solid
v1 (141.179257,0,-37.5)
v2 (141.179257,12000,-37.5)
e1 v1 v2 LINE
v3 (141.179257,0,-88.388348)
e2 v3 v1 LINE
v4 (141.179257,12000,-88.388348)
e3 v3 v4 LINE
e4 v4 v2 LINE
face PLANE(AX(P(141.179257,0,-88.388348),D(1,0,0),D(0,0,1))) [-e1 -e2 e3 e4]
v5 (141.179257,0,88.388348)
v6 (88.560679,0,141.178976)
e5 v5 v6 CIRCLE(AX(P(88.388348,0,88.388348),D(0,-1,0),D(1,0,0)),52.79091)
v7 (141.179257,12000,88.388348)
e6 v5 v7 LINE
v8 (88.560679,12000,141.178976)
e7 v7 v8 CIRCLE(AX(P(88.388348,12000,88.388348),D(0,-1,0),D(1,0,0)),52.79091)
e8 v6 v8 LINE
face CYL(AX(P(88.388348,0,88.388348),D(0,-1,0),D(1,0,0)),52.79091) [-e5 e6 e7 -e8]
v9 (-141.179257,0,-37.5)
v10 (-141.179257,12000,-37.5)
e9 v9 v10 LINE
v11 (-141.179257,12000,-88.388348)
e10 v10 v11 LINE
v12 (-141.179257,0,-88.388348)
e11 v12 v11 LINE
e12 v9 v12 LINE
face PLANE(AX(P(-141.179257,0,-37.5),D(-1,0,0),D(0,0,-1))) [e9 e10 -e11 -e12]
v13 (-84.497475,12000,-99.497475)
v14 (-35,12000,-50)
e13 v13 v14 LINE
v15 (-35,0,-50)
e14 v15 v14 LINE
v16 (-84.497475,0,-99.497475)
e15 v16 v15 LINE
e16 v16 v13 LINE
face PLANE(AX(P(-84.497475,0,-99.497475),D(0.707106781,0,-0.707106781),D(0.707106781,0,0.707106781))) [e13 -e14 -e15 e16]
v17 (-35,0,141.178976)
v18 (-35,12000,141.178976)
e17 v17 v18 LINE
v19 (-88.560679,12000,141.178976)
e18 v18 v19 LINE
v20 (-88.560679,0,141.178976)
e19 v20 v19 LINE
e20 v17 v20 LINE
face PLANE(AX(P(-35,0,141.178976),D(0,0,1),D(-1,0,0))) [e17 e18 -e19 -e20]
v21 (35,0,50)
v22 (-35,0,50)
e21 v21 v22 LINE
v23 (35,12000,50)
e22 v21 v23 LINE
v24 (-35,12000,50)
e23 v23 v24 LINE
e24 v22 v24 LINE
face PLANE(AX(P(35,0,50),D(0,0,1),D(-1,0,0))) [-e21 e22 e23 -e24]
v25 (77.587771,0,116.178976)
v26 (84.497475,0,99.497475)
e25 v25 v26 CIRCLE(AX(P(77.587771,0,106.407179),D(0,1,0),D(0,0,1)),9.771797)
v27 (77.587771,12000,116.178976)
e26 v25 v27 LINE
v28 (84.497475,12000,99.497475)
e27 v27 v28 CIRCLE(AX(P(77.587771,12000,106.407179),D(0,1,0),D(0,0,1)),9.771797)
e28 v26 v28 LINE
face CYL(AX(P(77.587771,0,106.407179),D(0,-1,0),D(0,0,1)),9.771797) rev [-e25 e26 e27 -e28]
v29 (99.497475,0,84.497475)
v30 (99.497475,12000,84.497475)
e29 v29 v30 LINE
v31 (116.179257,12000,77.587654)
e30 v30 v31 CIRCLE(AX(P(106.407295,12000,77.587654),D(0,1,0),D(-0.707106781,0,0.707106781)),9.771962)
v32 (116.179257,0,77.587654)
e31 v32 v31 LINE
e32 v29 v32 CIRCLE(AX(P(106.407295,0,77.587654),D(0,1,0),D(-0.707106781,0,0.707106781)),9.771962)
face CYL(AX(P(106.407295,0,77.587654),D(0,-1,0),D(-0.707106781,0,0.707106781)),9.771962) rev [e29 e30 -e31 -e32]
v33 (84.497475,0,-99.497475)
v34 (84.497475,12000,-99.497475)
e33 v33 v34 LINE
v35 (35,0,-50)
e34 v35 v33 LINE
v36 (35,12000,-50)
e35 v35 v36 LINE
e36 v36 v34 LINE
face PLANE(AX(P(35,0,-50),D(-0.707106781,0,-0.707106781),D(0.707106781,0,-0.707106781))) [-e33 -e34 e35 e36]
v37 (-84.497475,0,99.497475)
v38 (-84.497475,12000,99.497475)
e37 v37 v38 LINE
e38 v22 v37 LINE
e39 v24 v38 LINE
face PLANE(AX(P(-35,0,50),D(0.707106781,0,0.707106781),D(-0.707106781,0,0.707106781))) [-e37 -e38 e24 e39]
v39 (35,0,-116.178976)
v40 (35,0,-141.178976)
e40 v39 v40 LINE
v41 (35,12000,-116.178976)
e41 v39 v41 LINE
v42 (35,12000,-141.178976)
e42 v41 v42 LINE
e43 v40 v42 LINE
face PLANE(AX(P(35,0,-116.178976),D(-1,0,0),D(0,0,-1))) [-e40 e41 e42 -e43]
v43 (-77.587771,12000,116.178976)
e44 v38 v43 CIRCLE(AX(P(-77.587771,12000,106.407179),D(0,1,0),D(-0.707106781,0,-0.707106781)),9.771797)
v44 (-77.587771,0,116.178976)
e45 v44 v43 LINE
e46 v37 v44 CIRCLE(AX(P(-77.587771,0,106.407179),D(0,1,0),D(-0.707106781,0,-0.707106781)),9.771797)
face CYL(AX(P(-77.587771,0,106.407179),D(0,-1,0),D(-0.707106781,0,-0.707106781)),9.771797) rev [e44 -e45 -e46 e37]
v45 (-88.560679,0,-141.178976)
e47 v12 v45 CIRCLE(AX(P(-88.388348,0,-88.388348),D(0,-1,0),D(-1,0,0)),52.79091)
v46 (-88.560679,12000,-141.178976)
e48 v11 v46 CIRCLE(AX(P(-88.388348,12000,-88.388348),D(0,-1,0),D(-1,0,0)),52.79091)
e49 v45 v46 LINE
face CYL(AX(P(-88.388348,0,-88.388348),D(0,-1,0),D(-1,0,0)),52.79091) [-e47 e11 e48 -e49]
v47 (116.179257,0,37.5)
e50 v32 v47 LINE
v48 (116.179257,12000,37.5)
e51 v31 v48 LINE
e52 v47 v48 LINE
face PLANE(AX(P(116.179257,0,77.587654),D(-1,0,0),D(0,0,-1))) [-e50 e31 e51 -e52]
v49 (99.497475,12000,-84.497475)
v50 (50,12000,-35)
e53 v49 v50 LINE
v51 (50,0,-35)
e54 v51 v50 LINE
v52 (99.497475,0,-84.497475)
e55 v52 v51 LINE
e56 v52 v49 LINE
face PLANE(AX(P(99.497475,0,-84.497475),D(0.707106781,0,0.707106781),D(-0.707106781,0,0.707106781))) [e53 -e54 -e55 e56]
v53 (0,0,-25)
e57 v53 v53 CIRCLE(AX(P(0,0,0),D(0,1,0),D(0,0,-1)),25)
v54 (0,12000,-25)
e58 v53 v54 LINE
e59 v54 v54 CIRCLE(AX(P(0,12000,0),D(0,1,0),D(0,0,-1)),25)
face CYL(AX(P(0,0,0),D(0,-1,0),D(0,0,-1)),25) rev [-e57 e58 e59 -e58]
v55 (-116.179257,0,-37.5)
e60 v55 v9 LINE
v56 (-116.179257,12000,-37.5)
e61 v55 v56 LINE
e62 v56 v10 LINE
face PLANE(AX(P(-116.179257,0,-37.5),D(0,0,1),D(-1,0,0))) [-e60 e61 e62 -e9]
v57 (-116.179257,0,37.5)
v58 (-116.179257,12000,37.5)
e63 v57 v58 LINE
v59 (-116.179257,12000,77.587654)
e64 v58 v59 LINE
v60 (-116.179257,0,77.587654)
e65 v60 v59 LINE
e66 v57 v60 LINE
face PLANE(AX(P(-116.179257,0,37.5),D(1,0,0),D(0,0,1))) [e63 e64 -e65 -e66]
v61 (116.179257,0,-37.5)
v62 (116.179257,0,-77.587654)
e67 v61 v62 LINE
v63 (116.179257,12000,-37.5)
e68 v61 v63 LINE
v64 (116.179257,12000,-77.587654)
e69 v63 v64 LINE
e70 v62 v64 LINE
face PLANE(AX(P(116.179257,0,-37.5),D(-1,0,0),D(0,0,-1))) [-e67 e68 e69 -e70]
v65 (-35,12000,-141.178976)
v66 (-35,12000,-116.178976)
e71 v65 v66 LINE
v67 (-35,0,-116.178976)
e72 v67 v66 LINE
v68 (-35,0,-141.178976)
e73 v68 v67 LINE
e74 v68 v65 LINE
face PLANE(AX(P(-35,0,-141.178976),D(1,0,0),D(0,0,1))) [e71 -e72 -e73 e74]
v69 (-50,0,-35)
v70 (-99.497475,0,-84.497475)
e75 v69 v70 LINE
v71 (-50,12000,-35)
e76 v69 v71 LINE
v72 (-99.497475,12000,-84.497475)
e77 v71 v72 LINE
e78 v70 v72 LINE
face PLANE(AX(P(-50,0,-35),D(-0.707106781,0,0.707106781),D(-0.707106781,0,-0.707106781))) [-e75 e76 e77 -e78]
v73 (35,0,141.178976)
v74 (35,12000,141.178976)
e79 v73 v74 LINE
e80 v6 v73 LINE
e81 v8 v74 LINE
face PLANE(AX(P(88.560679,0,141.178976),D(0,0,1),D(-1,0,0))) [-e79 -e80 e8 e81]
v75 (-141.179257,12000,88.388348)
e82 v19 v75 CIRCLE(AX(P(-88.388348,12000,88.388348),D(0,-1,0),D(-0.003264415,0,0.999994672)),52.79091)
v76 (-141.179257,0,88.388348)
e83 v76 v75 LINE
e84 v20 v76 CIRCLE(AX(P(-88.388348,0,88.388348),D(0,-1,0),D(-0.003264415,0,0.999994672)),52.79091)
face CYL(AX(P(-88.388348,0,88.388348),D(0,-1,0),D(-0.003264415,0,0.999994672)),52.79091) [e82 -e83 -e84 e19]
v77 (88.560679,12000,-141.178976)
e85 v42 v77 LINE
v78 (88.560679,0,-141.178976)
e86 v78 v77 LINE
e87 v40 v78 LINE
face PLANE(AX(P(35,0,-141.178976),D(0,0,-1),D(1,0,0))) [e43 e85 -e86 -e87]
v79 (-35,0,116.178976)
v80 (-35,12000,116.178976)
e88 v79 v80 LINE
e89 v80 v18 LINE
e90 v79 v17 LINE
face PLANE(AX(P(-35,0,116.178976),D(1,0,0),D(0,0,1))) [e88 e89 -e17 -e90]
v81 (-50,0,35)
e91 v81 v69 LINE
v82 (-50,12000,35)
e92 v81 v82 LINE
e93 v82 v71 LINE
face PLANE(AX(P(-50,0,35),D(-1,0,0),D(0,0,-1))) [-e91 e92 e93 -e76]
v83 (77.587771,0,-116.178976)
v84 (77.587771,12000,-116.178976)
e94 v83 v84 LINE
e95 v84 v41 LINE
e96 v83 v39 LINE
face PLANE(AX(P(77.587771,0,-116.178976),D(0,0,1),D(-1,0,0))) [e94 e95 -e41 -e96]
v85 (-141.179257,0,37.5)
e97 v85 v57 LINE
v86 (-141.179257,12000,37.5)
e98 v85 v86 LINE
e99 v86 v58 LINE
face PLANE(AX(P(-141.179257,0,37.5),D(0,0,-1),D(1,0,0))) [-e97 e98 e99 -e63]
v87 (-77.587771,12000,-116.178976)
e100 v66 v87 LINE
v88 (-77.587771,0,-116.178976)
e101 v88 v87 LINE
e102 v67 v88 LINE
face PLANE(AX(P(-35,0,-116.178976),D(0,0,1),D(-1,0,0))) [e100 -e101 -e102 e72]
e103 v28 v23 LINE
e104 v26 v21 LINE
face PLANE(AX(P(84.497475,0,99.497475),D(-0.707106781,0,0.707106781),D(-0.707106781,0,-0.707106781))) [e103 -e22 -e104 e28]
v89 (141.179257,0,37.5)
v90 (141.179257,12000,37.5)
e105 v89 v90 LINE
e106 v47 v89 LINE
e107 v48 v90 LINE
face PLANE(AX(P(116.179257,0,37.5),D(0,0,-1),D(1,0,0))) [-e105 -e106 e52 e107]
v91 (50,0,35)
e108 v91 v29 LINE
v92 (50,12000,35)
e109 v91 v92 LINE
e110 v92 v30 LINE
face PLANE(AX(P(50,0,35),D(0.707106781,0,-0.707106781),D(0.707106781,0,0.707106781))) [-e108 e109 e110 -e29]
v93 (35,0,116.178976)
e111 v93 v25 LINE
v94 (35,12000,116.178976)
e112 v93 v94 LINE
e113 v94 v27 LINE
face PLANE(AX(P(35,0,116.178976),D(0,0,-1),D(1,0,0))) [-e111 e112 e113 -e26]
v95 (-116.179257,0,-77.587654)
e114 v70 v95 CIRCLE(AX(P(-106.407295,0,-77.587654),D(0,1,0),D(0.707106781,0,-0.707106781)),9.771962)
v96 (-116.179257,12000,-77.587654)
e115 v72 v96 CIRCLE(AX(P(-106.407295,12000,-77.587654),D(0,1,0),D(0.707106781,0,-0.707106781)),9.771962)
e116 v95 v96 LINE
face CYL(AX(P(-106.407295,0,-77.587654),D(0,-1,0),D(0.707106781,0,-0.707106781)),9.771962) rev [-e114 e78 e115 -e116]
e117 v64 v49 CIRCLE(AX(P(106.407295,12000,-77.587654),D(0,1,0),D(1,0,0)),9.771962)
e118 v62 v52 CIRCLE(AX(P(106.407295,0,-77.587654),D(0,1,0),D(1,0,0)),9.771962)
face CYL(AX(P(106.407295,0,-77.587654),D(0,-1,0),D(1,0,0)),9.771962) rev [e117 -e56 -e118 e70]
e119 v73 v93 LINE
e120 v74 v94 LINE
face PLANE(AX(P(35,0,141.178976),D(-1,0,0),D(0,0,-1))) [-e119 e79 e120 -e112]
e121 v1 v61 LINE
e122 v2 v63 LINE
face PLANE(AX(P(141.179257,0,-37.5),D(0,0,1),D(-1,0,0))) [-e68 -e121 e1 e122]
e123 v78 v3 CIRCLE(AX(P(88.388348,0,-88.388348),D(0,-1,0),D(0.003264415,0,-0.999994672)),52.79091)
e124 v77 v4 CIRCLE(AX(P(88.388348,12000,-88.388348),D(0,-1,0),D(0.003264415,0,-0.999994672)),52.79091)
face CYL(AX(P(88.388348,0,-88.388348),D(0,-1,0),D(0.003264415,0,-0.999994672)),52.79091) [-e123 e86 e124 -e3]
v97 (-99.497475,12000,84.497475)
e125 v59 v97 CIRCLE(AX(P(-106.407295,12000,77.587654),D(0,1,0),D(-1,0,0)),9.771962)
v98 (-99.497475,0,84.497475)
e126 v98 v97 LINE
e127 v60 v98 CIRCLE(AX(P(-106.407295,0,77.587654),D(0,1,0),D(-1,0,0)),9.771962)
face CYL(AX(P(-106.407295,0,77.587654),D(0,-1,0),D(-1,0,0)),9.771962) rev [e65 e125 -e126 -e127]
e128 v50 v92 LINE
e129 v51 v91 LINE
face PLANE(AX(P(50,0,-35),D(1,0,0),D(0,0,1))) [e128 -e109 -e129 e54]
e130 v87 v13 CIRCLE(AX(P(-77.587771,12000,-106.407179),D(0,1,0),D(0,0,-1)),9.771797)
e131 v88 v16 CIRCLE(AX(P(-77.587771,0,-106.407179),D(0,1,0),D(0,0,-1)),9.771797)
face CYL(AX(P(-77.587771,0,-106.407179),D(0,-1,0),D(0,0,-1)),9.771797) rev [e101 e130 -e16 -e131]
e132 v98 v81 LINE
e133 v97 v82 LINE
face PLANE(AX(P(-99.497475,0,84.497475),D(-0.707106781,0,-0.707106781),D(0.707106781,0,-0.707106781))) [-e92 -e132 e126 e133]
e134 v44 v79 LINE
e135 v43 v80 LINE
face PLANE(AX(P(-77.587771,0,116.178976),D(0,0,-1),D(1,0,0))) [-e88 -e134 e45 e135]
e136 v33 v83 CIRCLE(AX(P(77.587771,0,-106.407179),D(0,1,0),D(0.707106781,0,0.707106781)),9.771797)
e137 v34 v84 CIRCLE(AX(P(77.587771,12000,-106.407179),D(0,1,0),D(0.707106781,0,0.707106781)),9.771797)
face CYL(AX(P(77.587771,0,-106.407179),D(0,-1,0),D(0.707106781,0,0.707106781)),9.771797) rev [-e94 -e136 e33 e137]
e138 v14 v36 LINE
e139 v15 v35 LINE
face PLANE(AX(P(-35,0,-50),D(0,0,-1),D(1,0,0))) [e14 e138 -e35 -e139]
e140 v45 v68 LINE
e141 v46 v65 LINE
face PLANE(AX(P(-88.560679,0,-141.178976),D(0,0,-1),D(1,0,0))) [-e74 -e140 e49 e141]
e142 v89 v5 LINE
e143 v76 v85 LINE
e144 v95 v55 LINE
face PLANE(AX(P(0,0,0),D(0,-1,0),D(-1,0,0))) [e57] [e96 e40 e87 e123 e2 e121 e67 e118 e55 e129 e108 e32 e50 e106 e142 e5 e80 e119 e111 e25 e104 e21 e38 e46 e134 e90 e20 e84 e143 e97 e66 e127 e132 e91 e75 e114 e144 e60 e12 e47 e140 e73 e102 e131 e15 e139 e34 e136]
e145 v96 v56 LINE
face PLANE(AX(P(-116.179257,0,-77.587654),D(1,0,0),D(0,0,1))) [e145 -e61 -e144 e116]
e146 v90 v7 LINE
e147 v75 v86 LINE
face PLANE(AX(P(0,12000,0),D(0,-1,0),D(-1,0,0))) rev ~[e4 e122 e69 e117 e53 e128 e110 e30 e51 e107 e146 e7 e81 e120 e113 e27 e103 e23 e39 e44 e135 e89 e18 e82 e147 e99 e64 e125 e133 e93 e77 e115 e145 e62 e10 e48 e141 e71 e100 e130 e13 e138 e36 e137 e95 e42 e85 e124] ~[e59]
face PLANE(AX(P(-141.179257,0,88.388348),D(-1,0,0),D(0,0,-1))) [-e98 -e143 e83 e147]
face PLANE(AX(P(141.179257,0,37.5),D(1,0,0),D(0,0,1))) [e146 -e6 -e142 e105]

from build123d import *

# Parameters (mm, degrees)
SKETCH1_R           = 25
BOSS_EXTRUDE1_DEPTH = 12000


with BuildPart() as part:
    # Sketch1 → Boss-Extrude1 (new body)
    with BuildSketch(Plane(origin=(0, 0, 0), x_dir=(1, 0, 0), z_dir=(0, 1, 0))):
        with BuildLine():
            Line((-35, 50), (35, 50))
            Line((35, 50), (84.497474683, 99.497474683))
            ThreePointArc((84.497474683, 99.497474683), (86.61573408, 110.146683804), (77.587770512, 116.178976204))
            Line((77.587770512, 116.178976204), (35, 116.178976204))
            Line((35, 116.178976204), (35, 141.178976204))
            Line((35, 141.178976204), (88.56067906, 141.178976204))
            ThreePointArc((88.56067906, 141.178976204), (125.778036691, 125.656179819), (141.179257486, 88.388347648))
            Line((141.179257486, 88.388347648), (141.179257486, 37.5))
            Line((141.179257486, 37.5), (116.179257486, 37.5))
            Line((116.179257486, 37.5), (116.179257486, 77.587654002))
            ThreePointArc((116.179257486, 77.587654002), (110.14686337, 86.615769798), (99.497474683, 84.497474683))
            Line((99.497474683, 84.497474683), (50, 35))
            Line((50, 35), (50, -35))
            Line((50, -35), (99.497474683, -84.497474683))
            ThreePointArc((99.497474683, -84.497474683), (110.14686337, -86.615769798), (116.179257486, -77.587654002))
            Line((116.179257486, -77.587654002), (116.179257486, -37.5))
            Line((116.179257486, -37.5), (141.179257486, -37.5))
            Line((141.179257486, -37.5), (141.179257486, -88.388347648))
            ThreePointArc((141.179257486, -88.388347648), (125.778036691, -125.656179819), (88.56067906, -141.178976204))
            Line((88.56067906, -141.178976204), (35, -141.178976204))
            Line((35, -141.178976204), (35, -116.178976204))
            Line((35, -116.178976204), (77.587770512, -116.178976204))
            ThreePointArc((77.587770512, -116.178976204), (86.61573408, -110.146683804), (84.497474683, -99.497474683))
            Line((84.497474683, -99.497474683), (35, -50))
            Line((35, -50), (-35, -50))
            Line((-35, -50), (-84.497474683, -99.497474683))
            ThreePointArc((-84.497474683, -99.497474683), (-86.61573408, -110.146683804), (-77.587770512, -116.178976204))
            Line((-77.587770512, -116.178976204), (-35, -116.178976204))
            Line((-35, -116.178976204), (-35, -141.178976204))
            Line((-35, -141.178976204), (-88.56067906, -141.178976204))
            ThreePointArc((-88.56067906, -141.178976204), (-125.778036691, -125.656179819), (-141.179257486, -88.388347648))
            Line((-141.179257486, -88.388347648), (-141.179257486, -37.5))
            Line((-141.179257486, -37.5), (-116.179257486, -37.5))
            Line((-116.179257486, -37.5), (-116.179257486, -77.587654002))
            ThreePointArc((-116.179257486, -77.587654002), (-110.14686337, -86.615769798), (-99.497474683, -84.497474683))
            Line((-99.497474683, -84.497474683), (-50, -35))
            Line((-50, -35), (-50, 35))
            Line((-50, 35), (-99.497474683, 84.497474683))
            ThreePointArc((-99.497474683, 84.497474683), (-110.14686337, 86.615769798), (-116.179257486, 77.587654002))
            Line((-116.179257486, 77.587654002), (-116.179257486, 37.5))
            Line((-116.179257486, 37.5), (-141.179257486, 37.5))
            Line((-141.179257486, 37.5), (-141.179257486, 88.388347648))
            ThreePointArc((-141.179257486, 88.388347648), (-125.778036691, 125.656179819), (-88.56067906, 141.178976204))
            Line((-88.56067906, 141.178976204), (-35, 141.178976204))
            Line((-35, 141.178976204), (-35, 116.178976204))
            Line((-35, 116.178976204), (-77.587770512, 116.178976204))
            ThreePointArc((-77.587770512, 116.178976204), (-86.61573408, 110.146683804), (-84.497474683, 99.497474683))
            Line((-84.497474683, 99.497474683), (-35, 50))
        make_face()
        with Locations(Location((0, 0, 0), (0, 0, 90))):
            Circle(SKETCH1_R, mode=Mode.SUBTRACT)
    extrude(amount=BOSS_EXTRUDE1_DEPTH)


solid = part.part
